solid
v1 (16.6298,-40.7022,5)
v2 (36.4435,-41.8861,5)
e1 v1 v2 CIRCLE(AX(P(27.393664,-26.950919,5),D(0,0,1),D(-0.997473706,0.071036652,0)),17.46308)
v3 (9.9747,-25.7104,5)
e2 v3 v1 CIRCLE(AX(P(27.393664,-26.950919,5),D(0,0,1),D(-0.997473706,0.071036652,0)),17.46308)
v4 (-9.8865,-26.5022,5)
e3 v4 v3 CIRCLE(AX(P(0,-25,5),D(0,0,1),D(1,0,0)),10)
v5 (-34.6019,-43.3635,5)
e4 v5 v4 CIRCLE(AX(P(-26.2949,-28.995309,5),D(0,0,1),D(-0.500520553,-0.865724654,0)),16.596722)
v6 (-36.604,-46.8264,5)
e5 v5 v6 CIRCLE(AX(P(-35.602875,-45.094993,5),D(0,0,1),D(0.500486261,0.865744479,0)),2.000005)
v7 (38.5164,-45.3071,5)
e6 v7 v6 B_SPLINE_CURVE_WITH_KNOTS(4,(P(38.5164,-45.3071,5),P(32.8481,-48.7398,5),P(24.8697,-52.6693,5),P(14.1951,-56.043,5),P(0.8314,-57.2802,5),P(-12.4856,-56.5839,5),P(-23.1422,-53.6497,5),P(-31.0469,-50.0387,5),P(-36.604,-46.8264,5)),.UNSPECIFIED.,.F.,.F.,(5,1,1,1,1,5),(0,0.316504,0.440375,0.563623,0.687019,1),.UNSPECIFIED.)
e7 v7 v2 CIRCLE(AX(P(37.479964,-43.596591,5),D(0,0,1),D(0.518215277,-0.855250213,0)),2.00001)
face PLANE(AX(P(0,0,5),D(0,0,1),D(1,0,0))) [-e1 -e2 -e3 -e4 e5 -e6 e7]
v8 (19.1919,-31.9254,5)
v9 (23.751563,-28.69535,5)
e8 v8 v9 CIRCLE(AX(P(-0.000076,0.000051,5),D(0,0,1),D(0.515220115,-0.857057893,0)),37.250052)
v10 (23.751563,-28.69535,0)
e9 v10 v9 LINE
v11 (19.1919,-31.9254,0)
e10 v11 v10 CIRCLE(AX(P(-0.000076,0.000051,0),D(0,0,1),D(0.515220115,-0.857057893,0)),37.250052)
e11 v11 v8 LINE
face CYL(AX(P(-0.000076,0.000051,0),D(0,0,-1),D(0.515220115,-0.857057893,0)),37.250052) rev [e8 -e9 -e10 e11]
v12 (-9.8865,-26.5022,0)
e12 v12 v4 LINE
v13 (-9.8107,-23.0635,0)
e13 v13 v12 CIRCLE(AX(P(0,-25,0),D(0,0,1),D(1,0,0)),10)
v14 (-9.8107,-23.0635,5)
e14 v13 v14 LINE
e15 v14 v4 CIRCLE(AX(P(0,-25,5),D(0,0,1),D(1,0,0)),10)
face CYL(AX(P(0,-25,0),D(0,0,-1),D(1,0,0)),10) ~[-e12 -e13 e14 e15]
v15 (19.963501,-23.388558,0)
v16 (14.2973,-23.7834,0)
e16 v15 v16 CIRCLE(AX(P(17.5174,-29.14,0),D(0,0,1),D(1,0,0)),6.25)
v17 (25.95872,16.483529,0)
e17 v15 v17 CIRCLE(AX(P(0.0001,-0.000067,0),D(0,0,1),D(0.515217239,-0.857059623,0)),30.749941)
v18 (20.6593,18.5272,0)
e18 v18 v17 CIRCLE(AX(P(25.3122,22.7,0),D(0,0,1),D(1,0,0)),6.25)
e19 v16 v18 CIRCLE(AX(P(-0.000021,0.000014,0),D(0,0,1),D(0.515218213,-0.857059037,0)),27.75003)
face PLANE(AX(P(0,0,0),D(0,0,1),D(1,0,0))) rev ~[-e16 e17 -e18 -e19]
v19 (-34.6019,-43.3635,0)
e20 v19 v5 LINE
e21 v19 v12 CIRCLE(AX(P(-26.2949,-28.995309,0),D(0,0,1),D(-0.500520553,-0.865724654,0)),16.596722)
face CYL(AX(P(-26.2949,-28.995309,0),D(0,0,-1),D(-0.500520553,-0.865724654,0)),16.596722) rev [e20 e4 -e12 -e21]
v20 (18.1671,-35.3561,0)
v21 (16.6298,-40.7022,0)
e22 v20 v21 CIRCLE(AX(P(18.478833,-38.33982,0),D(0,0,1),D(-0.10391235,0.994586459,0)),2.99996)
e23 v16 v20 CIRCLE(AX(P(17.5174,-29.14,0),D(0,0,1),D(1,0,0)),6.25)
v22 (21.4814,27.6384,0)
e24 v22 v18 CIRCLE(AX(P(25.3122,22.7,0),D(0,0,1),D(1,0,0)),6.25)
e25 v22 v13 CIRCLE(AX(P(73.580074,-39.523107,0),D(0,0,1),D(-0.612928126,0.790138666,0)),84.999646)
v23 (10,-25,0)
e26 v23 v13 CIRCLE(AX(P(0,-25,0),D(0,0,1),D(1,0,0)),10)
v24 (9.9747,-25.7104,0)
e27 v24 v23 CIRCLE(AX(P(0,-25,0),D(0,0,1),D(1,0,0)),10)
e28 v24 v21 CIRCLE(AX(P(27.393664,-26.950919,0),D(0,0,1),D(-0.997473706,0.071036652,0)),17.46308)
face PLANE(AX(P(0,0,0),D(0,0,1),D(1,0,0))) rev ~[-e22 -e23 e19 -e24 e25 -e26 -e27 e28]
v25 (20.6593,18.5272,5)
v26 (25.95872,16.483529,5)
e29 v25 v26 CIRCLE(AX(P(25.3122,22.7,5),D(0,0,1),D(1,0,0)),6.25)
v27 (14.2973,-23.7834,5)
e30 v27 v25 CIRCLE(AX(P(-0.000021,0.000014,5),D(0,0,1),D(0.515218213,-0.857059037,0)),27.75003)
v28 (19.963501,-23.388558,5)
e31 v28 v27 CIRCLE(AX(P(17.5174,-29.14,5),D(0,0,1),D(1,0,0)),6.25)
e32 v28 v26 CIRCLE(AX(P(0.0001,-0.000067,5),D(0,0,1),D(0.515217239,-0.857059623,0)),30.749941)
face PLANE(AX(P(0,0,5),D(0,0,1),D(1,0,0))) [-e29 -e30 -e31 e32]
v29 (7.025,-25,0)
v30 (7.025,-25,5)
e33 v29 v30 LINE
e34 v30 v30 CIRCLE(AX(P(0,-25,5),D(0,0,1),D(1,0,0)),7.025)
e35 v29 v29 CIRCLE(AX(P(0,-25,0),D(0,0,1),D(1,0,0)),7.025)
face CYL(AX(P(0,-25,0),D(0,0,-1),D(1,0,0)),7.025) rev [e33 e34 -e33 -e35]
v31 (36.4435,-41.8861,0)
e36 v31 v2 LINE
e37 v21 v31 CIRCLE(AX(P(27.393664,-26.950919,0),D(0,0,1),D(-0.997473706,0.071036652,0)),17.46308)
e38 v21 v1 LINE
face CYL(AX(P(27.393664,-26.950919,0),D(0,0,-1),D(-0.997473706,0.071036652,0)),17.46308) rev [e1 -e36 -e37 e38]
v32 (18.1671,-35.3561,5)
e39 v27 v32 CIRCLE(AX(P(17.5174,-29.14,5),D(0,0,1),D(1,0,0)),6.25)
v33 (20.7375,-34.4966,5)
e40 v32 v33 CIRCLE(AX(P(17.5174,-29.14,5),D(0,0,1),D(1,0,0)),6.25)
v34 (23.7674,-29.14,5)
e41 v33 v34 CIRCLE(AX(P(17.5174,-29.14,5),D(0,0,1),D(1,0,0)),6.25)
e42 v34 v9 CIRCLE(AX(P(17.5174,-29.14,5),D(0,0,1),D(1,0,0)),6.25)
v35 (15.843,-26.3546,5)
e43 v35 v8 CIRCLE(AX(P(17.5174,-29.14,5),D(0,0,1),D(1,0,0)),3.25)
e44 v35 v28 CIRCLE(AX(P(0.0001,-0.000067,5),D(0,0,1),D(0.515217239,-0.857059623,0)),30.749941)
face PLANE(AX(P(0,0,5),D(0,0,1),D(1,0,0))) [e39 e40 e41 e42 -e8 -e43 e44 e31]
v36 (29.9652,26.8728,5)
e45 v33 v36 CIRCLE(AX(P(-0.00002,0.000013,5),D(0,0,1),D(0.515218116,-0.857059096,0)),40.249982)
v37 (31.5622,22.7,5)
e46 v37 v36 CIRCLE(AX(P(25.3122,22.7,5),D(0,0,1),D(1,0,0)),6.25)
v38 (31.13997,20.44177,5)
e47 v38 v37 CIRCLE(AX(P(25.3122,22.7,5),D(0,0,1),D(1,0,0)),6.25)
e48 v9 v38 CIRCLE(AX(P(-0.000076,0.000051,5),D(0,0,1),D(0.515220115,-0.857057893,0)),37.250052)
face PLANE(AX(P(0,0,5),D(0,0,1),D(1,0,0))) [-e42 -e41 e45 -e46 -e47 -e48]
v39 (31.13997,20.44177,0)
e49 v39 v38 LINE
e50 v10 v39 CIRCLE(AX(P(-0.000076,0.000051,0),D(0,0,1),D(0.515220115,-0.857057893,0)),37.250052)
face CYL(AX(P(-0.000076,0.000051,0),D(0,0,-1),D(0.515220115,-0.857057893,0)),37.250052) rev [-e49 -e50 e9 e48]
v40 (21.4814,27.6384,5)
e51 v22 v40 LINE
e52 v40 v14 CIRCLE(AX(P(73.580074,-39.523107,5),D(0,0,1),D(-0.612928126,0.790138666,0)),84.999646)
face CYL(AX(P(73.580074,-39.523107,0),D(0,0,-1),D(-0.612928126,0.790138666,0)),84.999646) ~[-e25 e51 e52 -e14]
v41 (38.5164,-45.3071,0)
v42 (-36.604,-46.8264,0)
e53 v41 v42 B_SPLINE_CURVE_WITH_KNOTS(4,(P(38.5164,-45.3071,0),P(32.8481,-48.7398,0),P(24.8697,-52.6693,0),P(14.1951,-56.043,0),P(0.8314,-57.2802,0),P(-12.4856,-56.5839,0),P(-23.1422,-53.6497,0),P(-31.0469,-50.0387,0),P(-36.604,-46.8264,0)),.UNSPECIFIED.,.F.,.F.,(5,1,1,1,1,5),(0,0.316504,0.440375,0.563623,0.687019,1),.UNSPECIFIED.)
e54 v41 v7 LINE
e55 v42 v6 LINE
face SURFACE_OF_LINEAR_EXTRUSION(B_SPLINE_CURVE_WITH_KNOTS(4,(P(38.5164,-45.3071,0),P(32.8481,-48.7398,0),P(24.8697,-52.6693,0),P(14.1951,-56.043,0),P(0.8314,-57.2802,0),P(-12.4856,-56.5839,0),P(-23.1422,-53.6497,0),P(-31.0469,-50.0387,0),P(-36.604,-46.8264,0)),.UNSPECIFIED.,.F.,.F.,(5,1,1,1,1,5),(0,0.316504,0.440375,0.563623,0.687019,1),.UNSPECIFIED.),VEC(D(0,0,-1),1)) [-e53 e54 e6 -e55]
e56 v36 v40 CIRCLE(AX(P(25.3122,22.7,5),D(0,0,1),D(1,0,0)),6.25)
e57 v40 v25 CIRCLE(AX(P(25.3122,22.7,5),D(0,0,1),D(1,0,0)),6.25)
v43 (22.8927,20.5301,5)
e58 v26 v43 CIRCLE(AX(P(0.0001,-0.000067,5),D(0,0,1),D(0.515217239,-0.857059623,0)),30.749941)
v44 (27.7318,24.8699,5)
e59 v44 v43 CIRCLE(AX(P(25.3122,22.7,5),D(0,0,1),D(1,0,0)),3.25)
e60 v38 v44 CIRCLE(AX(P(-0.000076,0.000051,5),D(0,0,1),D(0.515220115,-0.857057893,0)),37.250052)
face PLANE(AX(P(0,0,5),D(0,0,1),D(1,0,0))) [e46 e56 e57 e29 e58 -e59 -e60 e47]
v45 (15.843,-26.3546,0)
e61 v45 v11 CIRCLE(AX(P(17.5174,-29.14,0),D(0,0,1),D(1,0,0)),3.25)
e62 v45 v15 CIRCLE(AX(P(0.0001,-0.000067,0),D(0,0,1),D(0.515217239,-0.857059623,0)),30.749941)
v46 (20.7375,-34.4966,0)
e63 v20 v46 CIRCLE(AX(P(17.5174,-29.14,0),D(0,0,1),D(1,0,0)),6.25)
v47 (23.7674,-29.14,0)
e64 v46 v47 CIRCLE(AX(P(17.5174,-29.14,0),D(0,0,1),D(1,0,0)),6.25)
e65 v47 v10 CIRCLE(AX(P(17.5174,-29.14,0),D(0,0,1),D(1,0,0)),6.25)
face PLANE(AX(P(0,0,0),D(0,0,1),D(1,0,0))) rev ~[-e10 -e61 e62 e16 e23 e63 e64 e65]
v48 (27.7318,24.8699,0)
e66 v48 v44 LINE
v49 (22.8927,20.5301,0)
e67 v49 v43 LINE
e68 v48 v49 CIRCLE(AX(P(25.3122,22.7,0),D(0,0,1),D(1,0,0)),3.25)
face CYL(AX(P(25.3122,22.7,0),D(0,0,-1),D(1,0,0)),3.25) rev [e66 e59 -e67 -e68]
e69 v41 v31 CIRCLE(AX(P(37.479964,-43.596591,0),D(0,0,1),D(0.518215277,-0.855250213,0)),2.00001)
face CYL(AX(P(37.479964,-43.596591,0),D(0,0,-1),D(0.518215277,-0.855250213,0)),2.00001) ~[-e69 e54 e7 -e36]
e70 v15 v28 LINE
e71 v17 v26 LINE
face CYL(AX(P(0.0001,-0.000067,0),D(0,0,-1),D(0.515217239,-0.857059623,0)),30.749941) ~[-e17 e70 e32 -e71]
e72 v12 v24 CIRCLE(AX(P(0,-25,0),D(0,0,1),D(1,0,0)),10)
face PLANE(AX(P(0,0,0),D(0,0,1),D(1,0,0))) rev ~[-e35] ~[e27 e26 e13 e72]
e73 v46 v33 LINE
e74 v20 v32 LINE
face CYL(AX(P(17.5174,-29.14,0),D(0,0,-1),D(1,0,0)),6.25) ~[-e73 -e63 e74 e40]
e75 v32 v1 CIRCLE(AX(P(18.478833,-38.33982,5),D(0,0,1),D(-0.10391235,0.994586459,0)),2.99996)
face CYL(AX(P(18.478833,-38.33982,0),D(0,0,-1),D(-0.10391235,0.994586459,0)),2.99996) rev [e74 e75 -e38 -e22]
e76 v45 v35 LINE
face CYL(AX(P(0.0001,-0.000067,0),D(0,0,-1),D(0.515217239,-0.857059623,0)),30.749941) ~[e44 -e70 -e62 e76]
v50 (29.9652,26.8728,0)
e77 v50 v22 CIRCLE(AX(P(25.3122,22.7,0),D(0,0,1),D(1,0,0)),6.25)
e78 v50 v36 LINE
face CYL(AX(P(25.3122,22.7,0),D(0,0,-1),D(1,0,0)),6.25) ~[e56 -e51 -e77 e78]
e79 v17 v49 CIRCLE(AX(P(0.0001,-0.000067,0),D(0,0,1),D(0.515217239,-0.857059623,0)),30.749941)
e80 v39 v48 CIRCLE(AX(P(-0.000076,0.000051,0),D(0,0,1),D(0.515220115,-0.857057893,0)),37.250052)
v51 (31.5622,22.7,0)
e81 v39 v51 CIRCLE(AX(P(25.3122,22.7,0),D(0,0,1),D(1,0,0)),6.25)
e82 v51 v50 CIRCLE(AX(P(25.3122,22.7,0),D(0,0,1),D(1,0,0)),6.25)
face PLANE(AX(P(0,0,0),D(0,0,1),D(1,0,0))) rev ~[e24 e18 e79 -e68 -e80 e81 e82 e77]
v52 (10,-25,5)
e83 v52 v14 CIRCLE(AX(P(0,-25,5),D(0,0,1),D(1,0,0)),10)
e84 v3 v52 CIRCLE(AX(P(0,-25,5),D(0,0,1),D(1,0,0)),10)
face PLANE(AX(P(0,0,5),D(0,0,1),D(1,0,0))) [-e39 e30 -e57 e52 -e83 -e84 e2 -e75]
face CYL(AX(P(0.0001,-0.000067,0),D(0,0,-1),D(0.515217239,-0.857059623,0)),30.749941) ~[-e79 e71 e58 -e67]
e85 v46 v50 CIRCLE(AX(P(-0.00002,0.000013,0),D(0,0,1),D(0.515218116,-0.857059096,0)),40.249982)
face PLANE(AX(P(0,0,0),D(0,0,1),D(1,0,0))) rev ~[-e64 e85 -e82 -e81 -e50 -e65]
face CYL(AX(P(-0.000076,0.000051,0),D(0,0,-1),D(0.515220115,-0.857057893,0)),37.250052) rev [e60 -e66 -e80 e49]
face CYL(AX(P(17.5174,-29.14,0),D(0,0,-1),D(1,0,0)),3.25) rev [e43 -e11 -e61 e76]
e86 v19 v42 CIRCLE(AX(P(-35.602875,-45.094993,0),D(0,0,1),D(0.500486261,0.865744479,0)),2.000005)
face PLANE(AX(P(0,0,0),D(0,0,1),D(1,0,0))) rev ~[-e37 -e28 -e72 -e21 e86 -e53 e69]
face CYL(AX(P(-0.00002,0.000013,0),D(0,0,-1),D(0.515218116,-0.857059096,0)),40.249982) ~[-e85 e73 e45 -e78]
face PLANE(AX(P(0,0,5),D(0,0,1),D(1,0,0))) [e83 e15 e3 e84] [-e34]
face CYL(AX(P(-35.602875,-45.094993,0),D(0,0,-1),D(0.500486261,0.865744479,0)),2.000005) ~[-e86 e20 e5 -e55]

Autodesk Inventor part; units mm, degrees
ref_plane "YZ Plane" through (0, 0, 0) normal (1, 0, 0) x (0, 1, 0)
ref_plane "XZ Plane" through (0, 0, 0) normal (0, 1, 0) x (-1, 0, 0)
ref_plane "XY Plane" through (0, 0, 0) normal (0, 0, 1) x (1, 0, 0)
sketch "スケッチ1" plane through (0, 0, 0) normal (0, 0, 1) x (1, 0, 0)
  spline S0 degree 4 poles (38.5164, -45.3071) (32.8481, -48.7398) (24.8697, -52.6693) (14.1951, -56.043) (0.8314, -57.2802) (-12.4856, -56.5839) (-23.1422, -53.6497) (-31.0469, -50.0387) (-36.604, -46.8264) knots 0 0 0 0 0 0.316504 0.440375 0.563623 0.687019 1 1 1 1 1
  arc A0 (-34.6019, -43.3635) -> (-36.604, -46.8264) centre (-35.6029, -45.0949) ccw
  arc A1 (38.5164, -45.3071) -> (36.4435, -41.8861) centre (37.48, -43.5966) ccw
  arc A2 (-34.6019, -43.3635) -> (-9.8865, -26.5022) centre (-26.2949, -28.9953) ccw
  arc A3 (9.9747, -25.7104) -> (36.4435, -41.8861) centre (27.3937, -26.9509) ccw
  circle A4 centre (0, -25) radius 10
  circle A5 centre (0, -25) radius 7.025
  line L0 (0, 0) -> (0, -25) construction
  line L1 (0, -25) -> (8.9317, -40.6277) construction
  line L2 (8.9317, -40.6277) -> (31.5659, -12.6331) construction
  line L3 (31.5659, -12.6331) -> (0, 0) construction
  circle A6 centre (25.3122, 22.7) radius 3.25
  circle A7 centre (17.5174, -29.14) radius 3.25
  arc A8 (15.843, -26.3546) -> (22.8927, 20.5301) centre (0, 0) ccw
  arc A9 (19.1919, -31.9254) -> (27.7318, 24.8699) centre (0, 0) ccw
  circle A10 centre (31.5659, -12.6331) radius 3 construction
  arc A11 (14.2973, -23.7834) -> (20.6593, 18.5272) centre (0, 0) ccw
  arc A12 (20.7375, -34.4966) -> (29.9652, 26.8728) centre (0, 0) ccw
  circle A13 centre (25.3122, 22.7) radius 6.25
  circle A14 centre (17.5174, -29.14) radius 6.25
  arc A15 (21.4814, 27.6384) -> (-9.8107, -23.0635) centre (73.5804, -39.5234) ccw
  arc A16 (18.1671, -35.3561) -> (16.6298, -40.7022) centre (18.4789, -38.3399) ccw
  point P0 (29.1445, -50.2982)
  point P1 (19.8001, -53.8831)
  point P2 (10.3498, -56.1165)
  point P3 (0.8079, -56.9906)
  point P4 (-8.734, -56.4935)
  point P5 (-18.1675, -54.6313)
  point P6 (-27.4303, -51.4198)
  point P7 (29.9652, 26.8728)
  point P8 (20.7375, -34.4966)
  dimension "d0" = 18
  dimension "d1" = 36
  dimension "d2" = 34
  dimension "d3" = 6.5
  dimension "d4" = 6
  dimension "d5" = 3
  dimension "d6" = 3
  dimension "d7" = 3
  dimension "d8" = 3
  dimension "d9" = 85
  dimension "d10" = 3
extrude "押し出し1" add sketch "スケッチ1" along normal blind 5 contours S0 A0 A2 A4 A3 A1 | A3 A4 A15 A13 A11 A14 A16 | A4 | A14 A8 A7 A9 | A11 A13 A8 A14 | A14 A9 A13 A12 | A13 A9 A6 A8 picked at (20.5739, -32.1919) picked at (29.1692, 24.6494)
equation "\"d0\" = d11"
equation "\"d1\" = d12"
equation "\"d2\" = d13"
equation "\"d11\" = 18"
equation "\"d12\" = 36"
equation "\"d13\" = 34"
properties part number "スライダヘッケン" material "ポリカーボネート、クリア"
